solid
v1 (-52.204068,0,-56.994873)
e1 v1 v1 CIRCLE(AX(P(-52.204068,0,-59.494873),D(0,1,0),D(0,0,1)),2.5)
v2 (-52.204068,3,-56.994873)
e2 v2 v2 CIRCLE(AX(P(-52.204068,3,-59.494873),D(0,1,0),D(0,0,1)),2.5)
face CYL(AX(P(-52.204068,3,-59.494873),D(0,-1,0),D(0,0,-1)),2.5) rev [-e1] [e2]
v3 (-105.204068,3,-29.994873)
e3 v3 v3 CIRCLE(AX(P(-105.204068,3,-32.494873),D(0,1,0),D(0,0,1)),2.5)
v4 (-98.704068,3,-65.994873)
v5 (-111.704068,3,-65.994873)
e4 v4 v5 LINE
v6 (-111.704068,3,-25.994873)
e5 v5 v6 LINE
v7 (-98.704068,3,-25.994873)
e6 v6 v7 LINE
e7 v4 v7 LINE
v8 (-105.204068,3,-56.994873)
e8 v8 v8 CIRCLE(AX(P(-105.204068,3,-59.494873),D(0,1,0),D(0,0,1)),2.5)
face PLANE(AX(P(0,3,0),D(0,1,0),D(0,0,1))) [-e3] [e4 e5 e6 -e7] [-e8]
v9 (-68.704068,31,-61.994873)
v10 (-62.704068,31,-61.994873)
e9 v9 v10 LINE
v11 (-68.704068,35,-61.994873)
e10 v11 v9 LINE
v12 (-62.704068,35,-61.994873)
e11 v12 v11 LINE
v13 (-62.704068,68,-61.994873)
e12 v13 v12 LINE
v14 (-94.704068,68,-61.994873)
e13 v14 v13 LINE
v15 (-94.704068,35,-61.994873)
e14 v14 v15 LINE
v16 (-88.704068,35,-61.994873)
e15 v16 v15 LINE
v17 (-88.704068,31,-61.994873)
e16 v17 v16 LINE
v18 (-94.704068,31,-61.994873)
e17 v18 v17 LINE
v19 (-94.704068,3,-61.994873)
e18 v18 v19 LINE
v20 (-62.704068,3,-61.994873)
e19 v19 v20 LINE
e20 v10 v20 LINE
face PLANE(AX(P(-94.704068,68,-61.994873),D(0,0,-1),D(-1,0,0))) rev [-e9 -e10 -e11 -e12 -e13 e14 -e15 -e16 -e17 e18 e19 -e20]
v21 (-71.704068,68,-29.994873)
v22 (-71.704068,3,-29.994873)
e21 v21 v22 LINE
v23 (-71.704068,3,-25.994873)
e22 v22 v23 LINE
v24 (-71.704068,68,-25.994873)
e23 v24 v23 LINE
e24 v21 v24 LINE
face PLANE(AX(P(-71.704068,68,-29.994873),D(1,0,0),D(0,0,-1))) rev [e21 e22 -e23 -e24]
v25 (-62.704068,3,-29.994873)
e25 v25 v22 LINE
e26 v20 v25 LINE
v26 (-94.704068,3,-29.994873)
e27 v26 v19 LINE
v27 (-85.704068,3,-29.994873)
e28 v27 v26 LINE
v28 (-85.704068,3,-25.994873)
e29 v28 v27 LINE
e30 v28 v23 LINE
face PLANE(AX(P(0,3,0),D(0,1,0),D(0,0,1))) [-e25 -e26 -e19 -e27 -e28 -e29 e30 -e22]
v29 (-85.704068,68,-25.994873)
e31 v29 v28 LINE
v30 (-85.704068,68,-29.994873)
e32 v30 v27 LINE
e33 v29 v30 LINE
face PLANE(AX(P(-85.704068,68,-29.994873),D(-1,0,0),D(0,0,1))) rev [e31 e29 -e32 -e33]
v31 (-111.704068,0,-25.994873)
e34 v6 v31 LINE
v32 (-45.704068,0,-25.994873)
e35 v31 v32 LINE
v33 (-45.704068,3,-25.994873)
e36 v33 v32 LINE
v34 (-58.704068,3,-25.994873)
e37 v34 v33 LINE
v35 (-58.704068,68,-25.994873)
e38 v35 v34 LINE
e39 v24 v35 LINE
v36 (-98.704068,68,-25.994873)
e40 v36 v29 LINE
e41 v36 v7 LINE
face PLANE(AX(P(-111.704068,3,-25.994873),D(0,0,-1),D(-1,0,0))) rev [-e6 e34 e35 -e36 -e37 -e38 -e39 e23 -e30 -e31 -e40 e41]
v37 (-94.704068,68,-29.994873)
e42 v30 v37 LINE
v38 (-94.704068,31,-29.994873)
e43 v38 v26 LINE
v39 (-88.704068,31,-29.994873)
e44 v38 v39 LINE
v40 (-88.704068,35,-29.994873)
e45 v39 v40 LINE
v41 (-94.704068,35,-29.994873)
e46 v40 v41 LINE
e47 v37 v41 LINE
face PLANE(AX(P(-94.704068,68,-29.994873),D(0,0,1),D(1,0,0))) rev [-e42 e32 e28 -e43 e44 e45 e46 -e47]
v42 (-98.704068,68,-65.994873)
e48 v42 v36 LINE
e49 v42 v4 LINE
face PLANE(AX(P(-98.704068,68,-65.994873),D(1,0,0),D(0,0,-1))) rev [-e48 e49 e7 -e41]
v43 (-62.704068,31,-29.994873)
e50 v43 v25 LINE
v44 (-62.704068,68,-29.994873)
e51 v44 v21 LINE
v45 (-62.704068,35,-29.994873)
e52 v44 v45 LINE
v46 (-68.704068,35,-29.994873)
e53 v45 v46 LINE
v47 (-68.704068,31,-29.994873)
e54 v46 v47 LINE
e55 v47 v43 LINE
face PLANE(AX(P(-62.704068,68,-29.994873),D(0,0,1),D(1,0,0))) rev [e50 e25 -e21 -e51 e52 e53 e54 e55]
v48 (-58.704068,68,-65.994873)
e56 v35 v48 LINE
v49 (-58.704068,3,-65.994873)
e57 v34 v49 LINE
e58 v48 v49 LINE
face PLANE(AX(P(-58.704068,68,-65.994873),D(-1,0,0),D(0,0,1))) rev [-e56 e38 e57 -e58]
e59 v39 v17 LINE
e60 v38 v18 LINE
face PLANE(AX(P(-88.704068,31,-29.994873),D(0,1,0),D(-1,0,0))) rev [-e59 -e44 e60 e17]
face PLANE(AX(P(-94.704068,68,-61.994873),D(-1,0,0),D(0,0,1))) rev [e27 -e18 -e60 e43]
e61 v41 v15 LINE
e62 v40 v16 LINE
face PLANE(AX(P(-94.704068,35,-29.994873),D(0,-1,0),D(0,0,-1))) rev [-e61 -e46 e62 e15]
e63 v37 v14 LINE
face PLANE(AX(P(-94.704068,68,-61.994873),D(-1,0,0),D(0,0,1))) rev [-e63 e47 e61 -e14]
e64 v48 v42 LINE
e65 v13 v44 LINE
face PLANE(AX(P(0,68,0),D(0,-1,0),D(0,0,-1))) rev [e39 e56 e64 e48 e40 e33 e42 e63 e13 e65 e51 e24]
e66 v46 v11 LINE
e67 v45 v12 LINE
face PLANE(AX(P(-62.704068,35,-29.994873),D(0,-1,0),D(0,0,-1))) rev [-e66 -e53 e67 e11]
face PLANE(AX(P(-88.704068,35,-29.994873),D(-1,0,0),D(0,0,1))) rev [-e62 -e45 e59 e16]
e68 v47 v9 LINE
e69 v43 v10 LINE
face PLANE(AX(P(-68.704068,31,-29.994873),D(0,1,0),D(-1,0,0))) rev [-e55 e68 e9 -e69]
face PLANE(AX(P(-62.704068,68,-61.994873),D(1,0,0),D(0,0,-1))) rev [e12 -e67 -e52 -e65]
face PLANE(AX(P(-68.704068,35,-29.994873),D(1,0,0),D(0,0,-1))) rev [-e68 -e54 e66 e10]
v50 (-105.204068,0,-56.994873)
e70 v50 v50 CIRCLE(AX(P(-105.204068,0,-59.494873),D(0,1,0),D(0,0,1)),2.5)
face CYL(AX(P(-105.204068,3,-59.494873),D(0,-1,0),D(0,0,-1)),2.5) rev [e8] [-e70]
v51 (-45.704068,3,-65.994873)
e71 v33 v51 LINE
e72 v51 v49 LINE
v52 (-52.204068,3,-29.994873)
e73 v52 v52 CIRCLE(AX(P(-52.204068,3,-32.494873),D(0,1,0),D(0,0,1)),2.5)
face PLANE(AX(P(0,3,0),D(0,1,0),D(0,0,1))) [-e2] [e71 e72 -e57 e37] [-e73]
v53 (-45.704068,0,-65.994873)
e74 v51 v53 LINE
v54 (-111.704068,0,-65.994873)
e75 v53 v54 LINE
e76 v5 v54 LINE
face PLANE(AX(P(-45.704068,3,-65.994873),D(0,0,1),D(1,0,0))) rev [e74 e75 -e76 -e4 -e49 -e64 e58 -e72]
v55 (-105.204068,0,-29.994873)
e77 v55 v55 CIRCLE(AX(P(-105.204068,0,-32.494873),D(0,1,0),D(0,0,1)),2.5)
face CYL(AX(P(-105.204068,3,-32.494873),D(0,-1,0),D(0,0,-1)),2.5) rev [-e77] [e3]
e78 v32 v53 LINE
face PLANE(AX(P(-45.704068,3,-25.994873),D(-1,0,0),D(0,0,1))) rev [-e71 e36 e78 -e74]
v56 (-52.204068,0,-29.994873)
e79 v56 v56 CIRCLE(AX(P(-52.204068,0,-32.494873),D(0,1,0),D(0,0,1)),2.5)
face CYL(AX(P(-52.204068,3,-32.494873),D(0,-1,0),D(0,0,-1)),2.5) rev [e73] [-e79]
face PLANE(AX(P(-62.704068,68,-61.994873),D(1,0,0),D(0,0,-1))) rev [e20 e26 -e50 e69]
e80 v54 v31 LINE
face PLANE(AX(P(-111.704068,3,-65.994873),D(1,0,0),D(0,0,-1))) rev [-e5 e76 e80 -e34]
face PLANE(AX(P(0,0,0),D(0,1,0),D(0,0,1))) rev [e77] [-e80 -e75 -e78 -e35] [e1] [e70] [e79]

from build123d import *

# Parameters (mm, degrees)
SKETCH1_W           = 66
SKETCH1_H           = 40
SKETCH1_R           = 2.5
BOSS_EXTRUDE1_DEPTH = 3
BOSS_EXTRUDE2_DEPTH = 65
SKETCH3_W           = 6
SKETCH3_H           = 4
BOSS_EXTRUDE3_DEPTH = 32


with BuildPart() as part:
    # Sketch1 → Boss-Extrude1 (new body)
    with BuildSketch(Plane(origin=(0, 0, 0), x_dir=(1, 0, 0), z_dir=(0, 1, 0))):
        with Locations((-78.704067838, 45.994872636)):
            Rectangle(SKETCH1_W, SKETCH1_H)
        with Locations(Location((-105.204067838, 59.494872636, 0), (0, 0, 270))):
            Circle(SKETCH1_R, mode=Mode.SUBTRACT)
        with Locations(Location((-105.204067838, 32.494872636, 0), (0, 0, 270))):
            Circle(SKETCH1_R, mode=Mode.SUBTRACT)
        with Locations(Location((-52.204067838, 59.494872636, 0), (0, 0, 270))):
            Circle(SKETCH1_R, mode=Mode.SUBTRACT)
        with Locations(Location((-52.204067838, 32.494872636, 0), (0, 0, 270))):
            Circle(SKETCH1_R, mode=Mode.SUBTRACT)
    extrude(amount=BOSS_EXTRUDE1_DEPTH)

    # Sketch2 → Boss-Extrude2 (add)
    with BuildSketch(Plane(origin=(0, 3, 0), x_dir=(1, 0, 0), z_dir=(0, 1, 0))):
        Polygon((-98.704067838, 65.994872636), (-58.704067838, 65.994872636), (-58.704067838, 25.994872636), (-71.704067838, 25.994872636), (-71.704067838, 29.994872636), (-62.704067838, 29.994872636), (-62.704067838, 61.994872636), (-94.704067838, 61.994872636), (-94.704067838, 29.994872636), (-85.704067838, 29.994872636), (-85.704067838, 25.994872636), (-98.704067838, 25.994872636), align=None)
    extrude(amount=BOSS_EXTRUDE2_DEPTH)

    # Sketch3 → Boss-Extrude3 (add)
    with BuildSketch(Plane.XY.offset(-61.994872636)):
        with Locations((-91.704067838, 33)):
            Rectangle(SKETCH3_W, SKETCH3_H)
        with Locations((-65.704067838, 33)):
            Rectangle(SKETCH3_W, SKETCH3_H)
    extrude(amount=BOSS_EXTRUDE3_DEPTH)


solid = part.part
